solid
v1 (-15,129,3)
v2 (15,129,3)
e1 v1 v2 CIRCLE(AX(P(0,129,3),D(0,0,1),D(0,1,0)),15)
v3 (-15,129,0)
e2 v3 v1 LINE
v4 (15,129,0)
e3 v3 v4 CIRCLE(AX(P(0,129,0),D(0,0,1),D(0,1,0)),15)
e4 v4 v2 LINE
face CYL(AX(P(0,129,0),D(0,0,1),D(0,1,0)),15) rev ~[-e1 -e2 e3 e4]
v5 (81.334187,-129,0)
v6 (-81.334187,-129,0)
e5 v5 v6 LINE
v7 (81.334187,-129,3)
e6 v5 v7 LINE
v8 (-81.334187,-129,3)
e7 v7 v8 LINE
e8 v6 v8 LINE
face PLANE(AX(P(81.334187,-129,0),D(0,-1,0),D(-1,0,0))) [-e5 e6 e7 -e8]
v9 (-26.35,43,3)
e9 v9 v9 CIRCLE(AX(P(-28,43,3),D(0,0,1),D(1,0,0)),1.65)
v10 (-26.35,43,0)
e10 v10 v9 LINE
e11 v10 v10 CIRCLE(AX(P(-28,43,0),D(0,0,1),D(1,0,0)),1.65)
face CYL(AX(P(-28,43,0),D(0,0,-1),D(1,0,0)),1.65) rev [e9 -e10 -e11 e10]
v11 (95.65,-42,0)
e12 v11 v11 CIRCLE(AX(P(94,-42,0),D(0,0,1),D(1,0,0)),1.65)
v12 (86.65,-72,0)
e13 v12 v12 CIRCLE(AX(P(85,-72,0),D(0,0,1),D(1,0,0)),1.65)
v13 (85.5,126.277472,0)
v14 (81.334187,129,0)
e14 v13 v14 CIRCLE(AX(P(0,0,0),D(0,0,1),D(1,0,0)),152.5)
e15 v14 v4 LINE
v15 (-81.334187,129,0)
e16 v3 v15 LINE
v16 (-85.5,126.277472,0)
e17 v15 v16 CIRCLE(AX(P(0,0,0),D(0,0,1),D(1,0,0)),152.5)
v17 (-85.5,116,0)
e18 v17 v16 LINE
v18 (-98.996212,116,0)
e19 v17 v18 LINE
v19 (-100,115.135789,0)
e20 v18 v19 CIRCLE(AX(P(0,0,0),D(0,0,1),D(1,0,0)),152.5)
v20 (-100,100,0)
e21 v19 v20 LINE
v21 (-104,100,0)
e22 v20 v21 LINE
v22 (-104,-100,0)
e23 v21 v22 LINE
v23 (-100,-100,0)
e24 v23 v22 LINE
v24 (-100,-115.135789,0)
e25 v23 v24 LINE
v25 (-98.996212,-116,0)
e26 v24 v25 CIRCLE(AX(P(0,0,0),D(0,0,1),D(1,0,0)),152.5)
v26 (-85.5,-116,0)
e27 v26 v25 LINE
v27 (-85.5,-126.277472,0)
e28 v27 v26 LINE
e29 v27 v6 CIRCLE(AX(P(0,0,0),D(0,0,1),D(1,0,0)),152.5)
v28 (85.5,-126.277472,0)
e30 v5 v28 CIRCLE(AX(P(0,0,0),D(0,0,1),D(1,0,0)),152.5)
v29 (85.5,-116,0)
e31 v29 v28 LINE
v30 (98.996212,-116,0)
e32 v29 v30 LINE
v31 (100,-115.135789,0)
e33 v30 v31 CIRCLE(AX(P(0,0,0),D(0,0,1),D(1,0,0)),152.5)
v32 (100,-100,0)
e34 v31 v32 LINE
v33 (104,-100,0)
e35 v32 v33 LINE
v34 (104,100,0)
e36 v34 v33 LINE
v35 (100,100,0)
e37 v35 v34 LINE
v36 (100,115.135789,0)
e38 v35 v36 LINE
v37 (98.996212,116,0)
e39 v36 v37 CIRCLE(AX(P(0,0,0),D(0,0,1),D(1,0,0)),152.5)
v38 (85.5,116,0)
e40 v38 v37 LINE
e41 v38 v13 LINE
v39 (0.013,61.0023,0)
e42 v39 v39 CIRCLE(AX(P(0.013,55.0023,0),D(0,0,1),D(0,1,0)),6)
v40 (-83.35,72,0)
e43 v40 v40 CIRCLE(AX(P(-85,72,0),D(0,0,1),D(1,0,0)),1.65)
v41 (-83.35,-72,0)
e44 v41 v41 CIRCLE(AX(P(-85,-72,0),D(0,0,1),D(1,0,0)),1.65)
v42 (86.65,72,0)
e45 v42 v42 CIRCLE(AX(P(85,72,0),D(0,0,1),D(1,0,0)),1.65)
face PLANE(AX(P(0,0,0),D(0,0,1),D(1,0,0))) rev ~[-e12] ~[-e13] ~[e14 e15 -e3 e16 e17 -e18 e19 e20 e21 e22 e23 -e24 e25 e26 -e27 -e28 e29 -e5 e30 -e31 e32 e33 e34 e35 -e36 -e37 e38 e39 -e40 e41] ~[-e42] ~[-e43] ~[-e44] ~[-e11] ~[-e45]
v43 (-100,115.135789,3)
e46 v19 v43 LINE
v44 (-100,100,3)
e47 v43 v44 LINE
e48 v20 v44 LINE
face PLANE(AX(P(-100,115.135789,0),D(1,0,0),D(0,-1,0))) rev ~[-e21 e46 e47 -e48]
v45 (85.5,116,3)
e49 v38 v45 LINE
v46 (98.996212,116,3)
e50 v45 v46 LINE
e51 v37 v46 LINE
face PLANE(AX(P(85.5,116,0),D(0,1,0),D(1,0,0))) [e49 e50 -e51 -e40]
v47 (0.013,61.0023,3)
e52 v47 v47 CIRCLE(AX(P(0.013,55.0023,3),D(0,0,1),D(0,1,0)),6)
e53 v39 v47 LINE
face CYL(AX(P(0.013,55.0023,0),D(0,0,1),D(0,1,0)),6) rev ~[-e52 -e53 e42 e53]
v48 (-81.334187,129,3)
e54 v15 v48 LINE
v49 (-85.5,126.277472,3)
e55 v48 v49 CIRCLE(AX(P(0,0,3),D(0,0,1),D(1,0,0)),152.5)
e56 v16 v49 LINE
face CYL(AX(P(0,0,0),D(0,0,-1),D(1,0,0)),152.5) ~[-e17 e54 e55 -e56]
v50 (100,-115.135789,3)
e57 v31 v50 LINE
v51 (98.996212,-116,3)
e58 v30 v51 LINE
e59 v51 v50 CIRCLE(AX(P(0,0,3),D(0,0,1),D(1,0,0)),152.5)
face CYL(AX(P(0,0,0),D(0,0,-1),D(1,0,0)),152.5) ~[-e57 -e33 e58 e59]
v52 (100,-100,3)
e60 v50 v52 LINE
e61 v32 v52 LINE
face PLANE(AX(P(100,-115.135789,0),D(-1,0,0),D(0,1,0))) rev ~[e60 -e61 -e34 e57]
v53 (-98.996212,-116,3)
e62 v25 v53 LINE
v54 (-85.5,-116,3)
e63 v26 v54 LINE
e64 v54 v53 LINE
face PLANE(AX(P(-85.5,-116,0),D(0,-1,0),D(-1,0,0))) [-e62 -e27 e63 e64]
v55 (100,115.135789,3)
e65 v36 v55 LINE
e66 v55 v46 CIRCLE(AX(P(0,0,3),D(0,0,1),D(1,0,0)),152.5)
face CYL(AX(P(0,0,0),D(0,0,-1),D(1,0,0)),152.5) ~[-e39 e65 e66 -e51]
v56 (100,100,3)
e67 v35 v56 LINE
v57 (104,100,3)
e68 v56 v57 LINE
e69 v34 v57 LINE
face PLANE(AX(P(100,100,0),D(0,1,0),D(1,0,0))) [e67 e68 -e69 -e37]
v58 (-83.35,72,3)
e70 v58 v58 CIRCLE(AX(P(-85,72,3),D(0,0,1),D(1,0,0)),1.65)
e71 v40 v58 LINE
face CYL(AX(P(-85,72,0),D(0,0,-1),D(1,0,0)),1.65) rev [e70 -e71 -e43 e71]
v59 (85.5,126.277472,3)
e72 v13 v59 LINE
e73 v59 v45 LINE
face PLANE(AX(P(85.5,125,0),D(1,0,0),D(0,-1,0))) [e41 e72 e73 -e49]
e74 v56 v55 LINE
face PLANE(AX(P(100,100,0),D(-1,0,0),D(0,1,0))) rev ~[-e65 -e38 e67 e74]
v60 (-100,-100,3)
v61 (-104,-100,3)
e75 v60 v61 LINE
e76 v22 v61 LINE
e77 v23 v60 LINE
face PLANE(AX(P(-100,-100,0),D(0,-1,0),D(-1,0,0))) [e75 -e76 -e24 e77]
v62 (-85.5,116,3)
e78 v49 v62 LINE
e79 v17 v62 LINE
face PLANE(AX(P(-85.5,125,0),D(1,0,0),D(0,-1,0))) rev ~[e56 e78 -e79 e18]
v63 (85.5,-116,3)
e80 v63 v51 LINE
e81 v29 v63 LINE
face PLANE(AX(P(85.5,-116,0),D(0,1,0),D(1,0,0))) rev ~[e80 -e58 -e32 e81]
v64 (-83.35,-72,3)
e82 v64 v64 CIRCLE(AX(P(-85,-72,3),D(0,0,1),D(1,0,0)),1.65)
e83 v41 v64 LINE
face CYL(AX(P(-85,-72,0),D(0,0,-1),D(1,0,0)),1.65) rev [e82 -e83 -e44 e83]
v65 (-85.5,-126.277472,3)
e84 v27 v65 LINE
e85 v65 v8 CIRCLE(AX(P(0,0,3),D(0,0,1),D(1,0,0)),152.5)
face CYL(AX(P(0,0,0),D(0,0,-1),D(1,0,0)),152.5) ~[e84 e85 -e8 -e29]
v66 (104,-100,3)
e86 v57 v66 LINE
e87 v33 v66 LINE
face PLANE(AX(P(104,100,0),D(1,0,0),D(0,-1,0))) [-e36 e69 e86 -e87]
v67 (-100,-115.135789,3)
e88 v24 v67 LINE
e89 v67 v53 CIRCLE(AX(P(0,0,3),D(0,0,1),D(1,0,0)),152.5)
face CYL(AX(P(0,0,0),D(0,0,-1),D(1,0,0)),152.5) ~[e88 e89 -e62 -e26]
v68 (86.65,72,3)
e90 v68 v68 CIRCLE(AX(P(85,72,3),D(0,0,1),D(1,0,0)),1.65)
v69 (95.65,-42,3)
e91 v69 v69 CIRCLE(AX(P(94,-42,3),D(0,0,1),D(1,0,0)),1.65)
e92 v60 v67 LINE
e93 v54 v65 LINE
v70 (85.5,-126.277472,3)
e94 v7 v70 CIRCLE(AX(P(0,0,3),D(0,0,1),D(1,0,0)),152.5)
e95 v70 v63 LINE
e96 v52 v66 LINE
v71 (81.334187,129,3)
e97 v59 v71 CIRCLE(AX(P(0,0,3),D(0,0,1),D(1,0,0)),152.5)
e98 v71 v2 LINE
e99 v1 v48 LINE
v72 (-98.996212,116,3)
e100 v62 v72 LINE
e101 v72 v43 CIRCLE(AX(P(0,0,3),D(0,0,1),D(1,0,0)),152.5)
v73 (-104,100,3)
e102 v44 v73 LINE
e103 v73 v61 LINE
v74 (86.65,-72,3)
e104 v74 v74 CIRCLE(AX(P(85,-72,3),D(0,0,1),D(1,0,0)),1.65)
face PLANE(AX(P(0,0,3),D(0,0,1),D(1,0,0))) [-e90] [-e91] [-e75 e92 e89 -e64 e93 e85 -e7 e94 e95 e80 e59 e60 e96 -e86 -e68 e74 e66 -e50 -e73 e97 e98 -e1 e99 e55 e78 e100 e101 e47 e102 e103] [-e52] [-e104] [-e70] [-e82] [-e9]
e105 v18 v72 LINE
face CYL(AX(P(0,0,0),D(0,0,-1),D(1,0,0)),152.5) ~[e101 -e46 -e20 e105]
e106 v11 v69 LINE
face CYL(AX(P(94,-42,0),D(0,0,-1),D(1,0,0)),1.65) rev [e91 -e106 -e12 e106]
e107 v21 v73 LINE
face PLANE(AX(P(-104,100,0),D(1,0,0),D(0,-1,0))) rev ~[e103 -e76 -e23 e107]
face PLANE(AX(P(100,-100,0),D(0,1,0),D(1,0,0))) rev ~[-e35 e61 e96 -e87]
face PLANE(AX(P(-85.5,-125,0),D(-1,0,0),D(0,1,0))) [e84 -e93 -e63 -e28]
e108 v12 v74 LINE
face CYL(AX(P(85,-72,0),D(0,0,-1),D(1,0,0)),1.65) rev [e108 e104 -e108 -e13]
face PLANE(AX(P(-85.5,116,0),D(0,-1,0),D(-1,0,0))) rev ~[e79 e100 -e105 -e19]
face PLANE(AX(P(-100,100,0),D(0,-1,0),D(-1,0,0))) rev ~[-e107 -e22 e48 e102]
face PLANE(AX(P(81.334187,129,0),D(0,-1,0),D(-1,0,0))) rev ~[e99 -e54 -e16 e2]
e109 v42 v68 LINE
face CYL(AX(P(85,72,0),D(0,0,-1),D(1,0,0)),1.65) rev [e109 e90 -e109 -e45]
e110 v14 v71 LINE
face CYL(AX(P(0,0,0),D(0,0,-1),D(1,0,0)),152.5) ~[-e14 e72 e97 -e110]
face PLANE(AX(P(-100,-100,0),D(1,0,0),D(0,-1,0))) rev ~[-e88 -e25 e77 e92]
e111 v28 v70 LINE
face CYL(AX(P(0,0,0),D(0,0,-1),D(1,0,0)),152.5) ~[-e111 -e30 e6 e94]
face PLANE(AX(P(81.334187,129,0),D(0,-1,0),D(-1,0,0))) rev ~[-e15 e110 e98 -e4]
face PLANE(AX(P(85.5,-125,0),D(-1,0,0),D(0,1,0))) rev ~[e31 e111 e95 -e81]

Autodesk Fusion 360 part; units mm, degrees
sketch "Sketch1" plane through (0, 0, 0) normal (0, 0, 1) x (1, 0, 0)
  line L0 (100, 125) -> (-100, 125)
  line L1 (-100, 125) -> (-100, -125)
  line L2 (-100, -125) -> (100, -125)
  line L3 (100, -125) -> (100, 125)
  line L4 (100, 125) -> (-100, -125) construction
  line L5 (-100, 125) -> (100, -125) construction
  line L6 (-100, 125) -> (100, 125)
  line L7 (100, 125) -> (100, 129)
  line L8 (100, 129) -> (-100, 129)
  line L9 (-100, 129) -> (-100, 125)
  line L10 (-100, -125) -> (100, -125)
  line L11 (100, -125) -> (100, -129)
  line L12 (100, -129) -> (-100, -129)
  line L13 (-100, -129) -> (-100, -125)
  line L14 (100, 125) -> (104, 125)
  line L15 (104, 125) -> (104, -125)
  line L16 (104, -125) -> (100, -125)
  line L17 (100, -125) -> (100, 125)
  line L18 (-100, 125) -> (-104, 125)
  line L19 (-104, 125) -> (-104, -125)
  line L20 (-104, -125) -> (-100, -125)
  line L21 (-100, -125) -> (-100, 125)
  line L22 (-80, -53.8) -> (-80, 2.2) construction
  circle A0 centre (-80, -53.8) radius 1.65 construction
  circle A1 centre (-80, 2.2) radius 1.65 construction
  line L23 (-61.0622, -1) -> (-98.9378, -1) construction
  line L24 (-98.9378, -1) -> (-98.9378, -50.6) construction
  line L25 (-98.9378, -50.6) -> (-61.0622, -50.6) construction
  line L26 (-61.0622, -50.6) -> (-61.0622, -1) construction
  line L27 (-61.0622, -1) -> (-98.9378, -50.6) construction
  line L28 (-98.9378, -1) -> (-61.0622, -50.6) construction
  line L29 (-30.5, 49.5) -> (98.5, 49.5) construction
  line L30 (98.5, 49.5) -> (98.5, -47.5) construction
  line L31 (98.5, -47.5) -> (-30.5, -47.5) construction
  line L32 (-30.5, -47.5) -> (-30.5, 49.5) construction
  circle A2 centre (-28, 43) radius 1.65
  circle A3 centre (94, -42) radius 1.65
  line L33 (-100, 125) -> (-85.5, 125)
  line L34 (-85.5, 125) -> (-85.5, 116)
  line L35 (-85.5, 116) -> (-100, 116)
  line L36 (-100, 116) -> (-100, 125)
  line L37 (100, 125) -> (85.5, 125)
  line L38 (85.5, 125) -> (85.5, 116)
  line L39 (85.5, 116) -> (100, 116)
  line L40 (100, 116) -> (100, 125)
  line L41 (-100, -125) -> (-85.5, -125)
  line L42 (-85.5, -125) -> (-85.5, -116)
  line L43 (-85.5, -116) -> (-100, -116)
  line L44 (-100, -116) -> (-100, -125)
  line L45 (100, -125) -> (85.5, -125)
  line L46 (85.5, -125) -> (85.5, -116)
  line L47 (85.5, -116) -> (100, -116)
  line L48 (100, -116) -> (100, -125)
  line L49 (-100, 100) -> (-104, 100)
  line L50 (100, 100) -> (104, 100)
  line L51 (-100, -100) -> (-104, -100)
  line L52 (100, -100) -> (104, -100)
  line L53 (-85.5, 125) -> (-85.5, 129)
  line L54 (85.5, 125) -> (85.5, 129)
  line L55 (-85.5, -125) -> (-85.5, -129)
  line L56 (85.5, -125) -> (85.5, -129)
  line L57 (-115, -140) -> (-75, -140) construction
  line L58 (-75, -140) -> (-75, -87) construction
  line L59 (-75, -87) -> (-115, -87) construction
  line L60 (-115, -87) -> (-115, -140) construction
  line L61 (-63.3606, -140) -> (-21.3606, -140) construction
  line L62 (-21.3606, -140) -> (-21.3606, -53.8) construction
  line L63 (-21.3606, -53.8) -> (-63.3606, -53.8) construction
  line L64 (-63.3606, -53.8) -> (-63.3606, -140) construction
  line L65 (-100, 0) -> (-118.2487, 0) construction
  circle A4 centre (0, 0) radius 152.5
  circle A5 centre (-85, -72) radius 1.65
  line L66 (-85, -72) -> (85, -72) construction
  line L67 (85, -72) -> (85, 72) construction
  line L68 (85, 72) -> (-85, 72) construction
  line L69 (-85, 72) -> (-85, -72) construction
  circle A6 centre (85, 72) radius 1.65
  circle A7 centre (85, -72) radius 1.65
  circle A8 centre (-85, 72) radius 1.65
  point P0 (-80, -25.8)
  dimension "d1" = 200
  dimension "d2" = 250
  dimension "d3" = 4
  dimension "d4" = 4
  dimension "d5" = 4
  dimension "d6" = 4
  dimension "d7" = 20
  dimension "d8" = 56
  dimension "d10" = 3.3
  dimension "d11" = 37.8755
  dimension "d12" = 49.6
  dimension "d13" = 2.5
  dimension "d14" = 6.5
  dimension "d15" = 3.3
  dimension "d16" = 5.5
  dimension "d17" = 4.5
  dimension "d18" = 129
  dimension "d19" = 97
  dimension "d20" = 1.5
  dimension "d21" = 14.5
  dimension "d22" = 9
  dimension "d23" = 14.5
  dimension "d24" = 9
  dimension "d25" = 14.5
  dimension "d26" = 14.5
  dimension "d27" = 9
  dimension "d28" = 9
  dimension "d29" = 25
  dimension "d30" = 25
  dimension "d31" = 25
  dimension "d32" = 25
  dimension "d33" = 40
  dimension "d34" = 53
  dimension "d35" = 15
  dimension "d36" = 15
  dimension "d37" = 3.3
  dimension "d38" = 86.2
  dimension "d39" = 42
  dimension "d40" = 1
  dimension "d50" = 305
  dimension "d51" = 3.3
  dimension "d52" = 15
  dimension "d53" = 15
  dimension "d54" = 15
  dimension "d55" = 53
  dimension "d56" = 53
  dimension "d57" = 170
  dimension "d58" = 144
  dimension "d60" = 47.5
  dimension "d61" = 49.5
extrude "Extrude1" add sketch "Sketch1" along normal blind 3 contours L0 L1 L2 L3 L6 L10 L17 L21 L34 L35 L38 L39 L42 L43 L46 L47 A4 | L0 L6 L8 L53 L54 A4 | L3 L15 L17 L50 L52 | L1 L19 L21 L49 L51 | L2 L10 L12 L55 L56 A4
hole "Hole1" at (0, 129, 0) direction (0, 0, 1) diameter 30 depth 10 tip angle 118
hole "Hole2" at (0.013, 55.0023, 0) direction (0, 0, 1) diameter 12 depth 10 tip angle 118
fillet "Fillet1" [suppressed]
fillet "Fillet2" [suppressed]
chamfer "Chamfer1" [suppressed]
fillet "Fillet3" [suppressed]
equation "d4 = d3"
equation "d5 = d3"
equation "d6 = d3"
equation "d23 = d21"
equation "d24 = d22"
equation "d25 = d21"
equation "d26 = d25"
equation "d27 = d22"
equation "d28 = d24"
equation "d30 = d29"
equation "d31 = d29"
equation "d32 = d29"
equation "d36 = d35"
equation "d60 = d19 / 2 - 1 mm"
